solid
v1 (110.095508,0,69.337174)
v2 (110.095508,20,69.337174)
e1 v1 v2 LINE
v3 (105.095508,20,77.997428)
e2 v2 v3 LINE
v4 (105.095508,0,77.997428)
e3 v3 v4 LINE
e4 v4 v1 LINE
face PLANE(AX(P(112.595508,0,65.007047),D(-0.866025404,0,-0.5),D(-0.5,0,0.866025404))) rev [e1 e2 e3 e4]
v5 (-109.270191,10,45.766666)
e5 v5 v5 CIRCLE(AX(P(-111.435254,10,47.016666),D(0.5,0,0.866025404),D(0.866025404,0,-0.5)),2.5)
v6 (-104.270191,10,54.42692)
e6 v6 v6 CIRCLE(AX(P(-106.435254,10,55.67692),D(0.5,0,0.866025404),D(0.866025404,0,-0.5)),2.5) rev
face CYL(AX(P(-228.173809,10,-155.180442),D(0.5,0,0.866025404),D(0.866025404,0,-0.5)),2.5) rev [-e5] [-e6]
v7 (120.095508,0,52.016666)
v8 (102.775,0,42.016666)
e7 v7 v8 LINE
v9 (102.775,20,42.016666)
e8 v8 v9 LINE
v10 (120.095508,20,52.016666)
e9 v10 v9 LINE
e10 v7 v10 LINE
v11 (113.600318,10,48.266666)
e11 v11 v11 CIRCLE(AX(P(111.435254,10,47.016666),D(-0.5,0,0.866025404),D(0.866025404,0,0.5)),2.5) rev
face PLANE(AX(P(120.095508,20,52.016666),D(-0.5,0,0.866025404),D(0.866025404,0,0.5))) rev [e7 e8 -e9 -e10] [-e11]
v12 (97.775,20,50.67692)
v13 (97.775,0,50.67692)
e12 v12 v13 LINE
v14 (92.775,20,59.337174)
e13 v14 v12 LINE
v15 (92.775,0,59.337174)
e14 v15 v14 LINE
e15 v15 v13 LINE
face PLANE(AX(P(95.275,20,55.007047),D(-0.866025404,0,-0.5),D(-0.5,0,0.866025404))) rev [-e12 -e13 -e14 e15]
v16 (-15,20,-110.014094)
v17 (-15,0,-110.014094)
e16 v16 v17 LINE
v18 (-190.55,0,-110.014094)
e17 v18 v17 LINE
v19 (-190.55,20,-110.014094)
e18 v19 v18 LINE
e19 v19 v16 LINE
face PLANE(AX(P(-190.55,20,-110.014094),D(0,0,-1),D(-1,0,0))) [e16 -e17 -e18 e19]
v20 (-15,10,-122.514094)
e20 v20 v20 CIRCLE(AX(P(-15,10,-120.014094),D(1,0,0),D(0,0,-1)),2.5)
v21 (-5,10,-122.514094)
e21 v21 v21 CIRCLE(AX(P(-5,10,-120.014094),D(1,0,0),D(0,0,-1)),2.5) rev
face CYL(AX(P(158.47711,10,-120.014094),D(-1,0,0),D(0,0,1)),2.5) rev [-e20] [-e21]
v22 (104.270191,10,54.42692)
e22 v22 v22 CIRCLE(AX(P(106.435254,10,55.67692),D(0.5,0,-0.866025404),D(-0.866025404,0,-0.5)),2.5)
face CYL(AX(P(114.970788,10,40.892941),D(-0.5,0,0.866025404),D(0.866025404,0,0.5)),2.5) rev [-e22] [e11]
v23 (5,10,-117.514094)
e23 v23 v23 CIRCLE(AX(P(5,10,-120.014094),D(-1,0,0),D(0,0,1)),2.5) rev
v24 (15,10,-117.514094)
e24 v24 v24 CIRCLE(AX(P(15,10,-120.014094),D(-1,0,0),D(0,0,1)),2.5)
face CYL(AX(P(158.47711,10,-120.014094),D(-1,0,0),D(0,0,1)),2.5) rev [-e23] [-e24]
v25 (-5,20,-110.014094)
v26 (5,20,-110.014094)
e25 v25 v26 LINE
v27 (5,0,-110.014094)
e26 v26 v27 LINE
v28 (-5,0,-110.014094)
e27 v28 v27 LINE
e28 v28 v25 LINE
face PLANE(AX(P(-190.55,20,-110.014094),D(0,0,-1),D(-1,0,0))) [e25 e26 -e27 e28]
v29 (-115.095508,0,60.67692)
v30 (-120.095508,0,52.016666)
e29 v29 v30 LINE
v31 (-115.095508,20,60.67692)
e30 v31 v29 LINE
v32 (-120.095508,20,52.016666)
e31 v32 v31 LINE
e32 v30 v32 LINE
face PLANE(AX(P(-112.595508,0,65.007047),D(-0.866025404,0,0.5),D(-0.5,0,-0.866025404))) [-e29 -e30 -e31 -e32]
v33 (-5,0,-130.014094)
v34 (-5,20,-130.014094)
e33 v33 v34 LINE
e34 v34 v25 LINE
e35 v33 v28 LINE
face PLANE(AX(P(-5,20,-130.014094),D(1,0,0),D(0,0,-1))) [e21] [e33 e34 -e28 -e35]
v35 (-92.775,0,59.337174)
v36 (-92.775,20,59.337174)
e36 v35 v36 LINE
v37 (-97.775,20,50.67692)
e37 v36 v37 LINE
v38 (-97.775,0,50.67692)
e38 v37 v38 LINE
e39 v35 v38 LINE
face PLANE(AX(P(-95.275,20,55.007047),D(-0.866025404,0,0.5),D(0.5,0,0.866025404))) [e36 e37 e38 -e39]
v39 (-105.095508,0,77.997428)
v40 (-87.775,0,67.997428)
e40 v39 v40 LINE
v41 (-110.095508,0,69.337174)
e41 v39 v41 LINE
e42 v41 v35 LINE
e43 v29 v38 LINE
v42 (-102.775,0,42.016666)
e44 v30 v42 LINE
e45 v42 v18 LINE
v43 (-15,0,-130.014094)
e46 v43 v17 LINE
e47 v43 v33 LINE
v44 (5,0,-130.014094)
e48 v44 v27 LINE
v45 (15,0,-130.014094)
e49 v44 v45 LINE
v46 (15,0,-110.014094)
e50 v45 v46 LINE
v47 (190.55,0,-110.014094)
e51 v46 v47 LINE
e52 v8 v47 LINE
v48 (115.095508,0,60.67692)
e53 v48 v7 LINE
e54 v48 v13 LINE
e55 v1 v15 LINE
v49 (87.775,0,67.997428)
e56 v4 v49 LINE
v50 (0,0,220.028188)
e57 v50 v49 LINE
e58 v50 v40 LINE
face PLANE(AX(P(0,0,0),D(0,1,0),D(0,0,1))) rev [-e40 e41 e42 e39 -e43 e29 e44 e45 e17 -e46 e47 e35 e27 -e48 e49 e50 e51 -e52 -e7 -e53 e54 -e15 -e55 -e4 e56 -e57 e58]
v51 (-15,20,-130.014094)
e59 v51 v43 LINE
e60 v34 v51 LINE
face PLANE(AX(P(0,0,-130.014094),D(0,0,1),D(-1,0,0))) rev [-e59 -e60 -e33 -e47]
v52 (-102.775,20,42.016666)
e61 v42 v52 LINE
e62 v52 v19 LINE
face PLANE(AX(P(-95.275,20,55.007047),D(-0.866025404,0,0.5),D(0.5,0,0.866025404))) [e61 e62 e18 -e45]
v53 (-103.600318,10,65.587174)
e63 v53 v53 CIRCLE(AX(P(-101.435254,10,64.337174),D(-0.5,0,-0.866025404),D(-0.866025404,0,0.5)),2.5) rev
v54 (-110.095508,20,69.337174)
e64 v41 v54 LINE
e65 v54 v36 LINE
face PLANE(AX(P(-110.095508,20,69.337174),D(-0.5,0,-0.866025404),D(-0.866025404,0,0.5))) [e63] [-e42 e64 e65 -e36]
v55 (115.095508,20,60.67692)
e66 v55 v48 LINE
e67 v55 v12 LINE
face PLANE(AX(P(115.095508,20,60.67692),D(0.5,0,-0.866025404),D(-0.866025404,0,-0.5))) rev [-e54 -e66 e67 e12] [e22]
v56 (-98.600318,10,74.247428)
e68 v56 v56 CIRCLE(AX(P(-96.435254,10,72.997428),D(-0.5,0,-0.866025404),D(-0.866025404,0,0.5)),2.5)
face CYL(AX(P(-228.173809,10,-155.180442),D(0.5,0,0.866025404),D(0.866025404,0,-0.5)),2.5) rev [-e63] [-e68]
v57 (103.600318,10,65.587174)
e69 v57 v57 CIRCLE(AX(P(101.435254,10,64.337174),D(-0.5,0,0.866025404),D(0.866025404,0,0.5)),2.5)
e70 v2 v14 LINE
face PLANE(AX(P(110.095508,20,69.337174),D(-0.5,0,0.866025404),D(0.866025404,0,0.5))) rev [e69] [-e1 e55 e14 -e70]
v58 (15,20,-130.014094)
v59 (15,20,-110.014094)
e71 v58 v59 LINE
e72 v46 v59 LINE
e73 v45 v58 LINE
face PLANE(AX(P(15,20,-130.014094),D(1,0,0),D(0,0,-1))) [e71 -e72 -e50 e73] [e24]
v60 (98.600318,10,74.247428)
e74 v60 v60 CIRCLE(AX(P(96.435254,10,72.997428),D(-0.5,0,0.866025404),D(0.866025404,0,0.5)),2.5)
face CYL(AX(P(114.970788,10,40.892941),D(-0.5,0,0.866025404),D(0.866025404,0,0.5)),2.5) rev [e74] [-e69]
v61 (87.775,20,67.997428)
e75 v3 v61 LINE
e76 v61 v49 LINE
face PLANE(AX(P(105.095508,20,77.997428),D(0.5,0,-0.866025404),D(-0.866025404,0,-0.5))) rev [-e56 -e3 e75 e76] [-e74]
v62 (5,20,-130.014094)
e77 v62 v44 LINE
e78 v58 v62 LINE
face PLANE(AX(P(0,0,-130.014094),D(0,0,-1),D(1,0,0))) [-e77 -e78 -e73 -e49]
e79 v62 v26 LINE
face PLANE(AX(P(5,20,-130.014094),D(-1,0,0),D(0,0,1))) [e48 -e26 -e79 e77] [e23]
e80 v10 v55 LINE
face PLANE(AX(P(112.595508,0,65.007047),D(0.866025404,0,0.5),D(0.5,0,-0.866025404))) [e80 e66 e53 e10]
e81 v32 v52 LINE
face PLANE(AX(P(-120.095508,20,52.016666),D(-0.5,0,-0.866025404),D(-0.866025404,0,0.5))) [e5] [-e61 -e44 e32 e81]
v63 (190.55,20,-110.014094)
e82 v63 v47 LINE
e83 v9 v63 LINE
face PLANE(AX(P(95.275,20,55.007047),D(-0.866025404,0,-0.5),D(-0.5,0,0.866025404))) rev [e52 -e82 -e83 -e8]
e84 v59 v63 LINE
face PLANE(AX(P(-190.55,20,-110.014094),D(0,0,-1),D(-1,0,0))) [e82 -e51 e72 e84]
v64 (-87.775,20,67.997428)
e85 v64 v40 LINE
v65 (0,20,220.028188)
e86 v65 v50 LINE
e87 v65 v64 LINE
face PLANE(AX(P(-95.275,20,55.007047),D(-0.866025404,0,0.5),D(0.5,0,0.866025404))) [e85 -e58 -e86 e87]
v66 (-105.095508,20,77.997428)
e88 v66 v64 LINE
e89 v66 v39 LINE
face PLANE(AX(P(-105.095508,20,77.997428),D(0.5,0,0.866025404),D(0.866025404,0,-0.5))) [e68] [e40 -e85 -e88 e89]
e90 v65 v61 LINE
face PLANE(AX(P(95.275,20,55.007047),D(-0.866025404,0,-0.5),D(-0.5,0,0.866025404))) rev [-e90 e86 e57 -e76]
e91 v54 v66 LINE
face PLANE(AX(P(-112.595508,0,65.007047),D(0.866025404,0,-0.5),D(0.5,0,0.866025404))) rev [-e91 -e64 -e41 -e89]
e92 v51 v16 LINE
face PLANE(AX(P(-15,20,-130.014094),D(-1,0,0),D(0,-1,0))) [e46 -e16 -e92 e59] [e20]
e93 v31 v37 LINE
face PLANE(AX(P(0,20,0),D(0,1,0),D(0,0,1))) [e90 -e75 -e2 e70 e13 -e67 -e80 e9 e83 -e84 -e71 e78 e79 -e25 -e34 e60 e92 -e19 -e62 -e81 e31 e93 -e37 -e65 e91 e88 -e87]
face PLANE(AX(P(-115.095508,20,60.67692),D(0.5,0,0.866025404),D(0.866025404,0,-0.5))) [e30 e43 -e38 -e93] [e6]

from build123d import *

# Parameters (mm, degrees)
BOSS_EXTRUDE1_DEPTH = 20
SKETCH3_W           = 10
SKETCH3_H           = 20
BOSS_EXTRUDE2_DEPTH = 20
SKETCH4_R           = 2.5
CUT_EXTRUDE1_DEPTH  = 30


with BuildPart() as part:
    # Sketch2 → Boss-Extrude1 (new body)
    with BuildSketch(Plane(origin=(0, 0, 0), x_dir=(1, 0, 0), z_dir=(0, 1, 0))):
        Polygon((-190.55, 110.014093794), (190.55, 110.014093794), (0, -220.028187588), align=None)
    extrude(amount=BOSS_EXTRUDE1_DEPTH)

    # Sketch3 → Boss-Extrude2 (add)
    with BuildSketch(Plane(origin=(95.275, 0, 55.007046897), x_dir=(0.5, 0, -0.866025404), z_dir=(0.866025404, 0, 0.5))):
        with Locations((-10, 10)):
            Rectangle(SKETCH3_W, SKETCH3_H)
        with Locations((10, 10)):
            Rectangle(SKETCH3_W, SKETCH3_H)
    boss_extrude2 = extrude(amount=BOSS_EXTRUDE2_DEPTH)

    # Sketch4 → Cut-Extrude1 (cut)
    with BuildSketch(Plane(origin=(-7.5, 0, 12.990381057), x_dir=(0.866025404, 0, 0.5), z_dir=(-0.5, 0, 0.866025404))):
        with Locations((120.014093794, 10)):
            Circle(SKETCH4_R)
    cut_extrude1 = extrude(amount=-CUT_EXTRUDE1_DEPTH, mode=Mode.SUBTRACT)

    # Mirror1: Boss-Extrude2, Cut-Extrude1 across plane
    add(boss_extrude2.mirror(Plane(origin=(0, 0, 0), x_dir=(-0.866025404, 0, 0.5), z_dir=(0.5, 0, 0.866025404))))
    add(cut_extrude1.mirror(Plane(origin=(0, 0, 0), x_dir=(-0.866025404, 0, 0.5), z_dir=(0.5, 0, 0.866025404))), mode=Mode.SUBTRACT)

    # Mirror1 at the second plane: Boss-Extrude2, Cut-Extrude1 across plane
    add(boss_extrude2.mirror(Plane(origin=(0, 0, 0), x_dir=(0, 0, 1), z_dir=(1, 0, 0))))
    add(cut_extrude1.mirror(Plane(origin=(0, 0, 0), x_dir=(0, 0, 1), z_dir=(1, 0, 0))), mode=Mode.SUBTRACT)


solid = part.part
